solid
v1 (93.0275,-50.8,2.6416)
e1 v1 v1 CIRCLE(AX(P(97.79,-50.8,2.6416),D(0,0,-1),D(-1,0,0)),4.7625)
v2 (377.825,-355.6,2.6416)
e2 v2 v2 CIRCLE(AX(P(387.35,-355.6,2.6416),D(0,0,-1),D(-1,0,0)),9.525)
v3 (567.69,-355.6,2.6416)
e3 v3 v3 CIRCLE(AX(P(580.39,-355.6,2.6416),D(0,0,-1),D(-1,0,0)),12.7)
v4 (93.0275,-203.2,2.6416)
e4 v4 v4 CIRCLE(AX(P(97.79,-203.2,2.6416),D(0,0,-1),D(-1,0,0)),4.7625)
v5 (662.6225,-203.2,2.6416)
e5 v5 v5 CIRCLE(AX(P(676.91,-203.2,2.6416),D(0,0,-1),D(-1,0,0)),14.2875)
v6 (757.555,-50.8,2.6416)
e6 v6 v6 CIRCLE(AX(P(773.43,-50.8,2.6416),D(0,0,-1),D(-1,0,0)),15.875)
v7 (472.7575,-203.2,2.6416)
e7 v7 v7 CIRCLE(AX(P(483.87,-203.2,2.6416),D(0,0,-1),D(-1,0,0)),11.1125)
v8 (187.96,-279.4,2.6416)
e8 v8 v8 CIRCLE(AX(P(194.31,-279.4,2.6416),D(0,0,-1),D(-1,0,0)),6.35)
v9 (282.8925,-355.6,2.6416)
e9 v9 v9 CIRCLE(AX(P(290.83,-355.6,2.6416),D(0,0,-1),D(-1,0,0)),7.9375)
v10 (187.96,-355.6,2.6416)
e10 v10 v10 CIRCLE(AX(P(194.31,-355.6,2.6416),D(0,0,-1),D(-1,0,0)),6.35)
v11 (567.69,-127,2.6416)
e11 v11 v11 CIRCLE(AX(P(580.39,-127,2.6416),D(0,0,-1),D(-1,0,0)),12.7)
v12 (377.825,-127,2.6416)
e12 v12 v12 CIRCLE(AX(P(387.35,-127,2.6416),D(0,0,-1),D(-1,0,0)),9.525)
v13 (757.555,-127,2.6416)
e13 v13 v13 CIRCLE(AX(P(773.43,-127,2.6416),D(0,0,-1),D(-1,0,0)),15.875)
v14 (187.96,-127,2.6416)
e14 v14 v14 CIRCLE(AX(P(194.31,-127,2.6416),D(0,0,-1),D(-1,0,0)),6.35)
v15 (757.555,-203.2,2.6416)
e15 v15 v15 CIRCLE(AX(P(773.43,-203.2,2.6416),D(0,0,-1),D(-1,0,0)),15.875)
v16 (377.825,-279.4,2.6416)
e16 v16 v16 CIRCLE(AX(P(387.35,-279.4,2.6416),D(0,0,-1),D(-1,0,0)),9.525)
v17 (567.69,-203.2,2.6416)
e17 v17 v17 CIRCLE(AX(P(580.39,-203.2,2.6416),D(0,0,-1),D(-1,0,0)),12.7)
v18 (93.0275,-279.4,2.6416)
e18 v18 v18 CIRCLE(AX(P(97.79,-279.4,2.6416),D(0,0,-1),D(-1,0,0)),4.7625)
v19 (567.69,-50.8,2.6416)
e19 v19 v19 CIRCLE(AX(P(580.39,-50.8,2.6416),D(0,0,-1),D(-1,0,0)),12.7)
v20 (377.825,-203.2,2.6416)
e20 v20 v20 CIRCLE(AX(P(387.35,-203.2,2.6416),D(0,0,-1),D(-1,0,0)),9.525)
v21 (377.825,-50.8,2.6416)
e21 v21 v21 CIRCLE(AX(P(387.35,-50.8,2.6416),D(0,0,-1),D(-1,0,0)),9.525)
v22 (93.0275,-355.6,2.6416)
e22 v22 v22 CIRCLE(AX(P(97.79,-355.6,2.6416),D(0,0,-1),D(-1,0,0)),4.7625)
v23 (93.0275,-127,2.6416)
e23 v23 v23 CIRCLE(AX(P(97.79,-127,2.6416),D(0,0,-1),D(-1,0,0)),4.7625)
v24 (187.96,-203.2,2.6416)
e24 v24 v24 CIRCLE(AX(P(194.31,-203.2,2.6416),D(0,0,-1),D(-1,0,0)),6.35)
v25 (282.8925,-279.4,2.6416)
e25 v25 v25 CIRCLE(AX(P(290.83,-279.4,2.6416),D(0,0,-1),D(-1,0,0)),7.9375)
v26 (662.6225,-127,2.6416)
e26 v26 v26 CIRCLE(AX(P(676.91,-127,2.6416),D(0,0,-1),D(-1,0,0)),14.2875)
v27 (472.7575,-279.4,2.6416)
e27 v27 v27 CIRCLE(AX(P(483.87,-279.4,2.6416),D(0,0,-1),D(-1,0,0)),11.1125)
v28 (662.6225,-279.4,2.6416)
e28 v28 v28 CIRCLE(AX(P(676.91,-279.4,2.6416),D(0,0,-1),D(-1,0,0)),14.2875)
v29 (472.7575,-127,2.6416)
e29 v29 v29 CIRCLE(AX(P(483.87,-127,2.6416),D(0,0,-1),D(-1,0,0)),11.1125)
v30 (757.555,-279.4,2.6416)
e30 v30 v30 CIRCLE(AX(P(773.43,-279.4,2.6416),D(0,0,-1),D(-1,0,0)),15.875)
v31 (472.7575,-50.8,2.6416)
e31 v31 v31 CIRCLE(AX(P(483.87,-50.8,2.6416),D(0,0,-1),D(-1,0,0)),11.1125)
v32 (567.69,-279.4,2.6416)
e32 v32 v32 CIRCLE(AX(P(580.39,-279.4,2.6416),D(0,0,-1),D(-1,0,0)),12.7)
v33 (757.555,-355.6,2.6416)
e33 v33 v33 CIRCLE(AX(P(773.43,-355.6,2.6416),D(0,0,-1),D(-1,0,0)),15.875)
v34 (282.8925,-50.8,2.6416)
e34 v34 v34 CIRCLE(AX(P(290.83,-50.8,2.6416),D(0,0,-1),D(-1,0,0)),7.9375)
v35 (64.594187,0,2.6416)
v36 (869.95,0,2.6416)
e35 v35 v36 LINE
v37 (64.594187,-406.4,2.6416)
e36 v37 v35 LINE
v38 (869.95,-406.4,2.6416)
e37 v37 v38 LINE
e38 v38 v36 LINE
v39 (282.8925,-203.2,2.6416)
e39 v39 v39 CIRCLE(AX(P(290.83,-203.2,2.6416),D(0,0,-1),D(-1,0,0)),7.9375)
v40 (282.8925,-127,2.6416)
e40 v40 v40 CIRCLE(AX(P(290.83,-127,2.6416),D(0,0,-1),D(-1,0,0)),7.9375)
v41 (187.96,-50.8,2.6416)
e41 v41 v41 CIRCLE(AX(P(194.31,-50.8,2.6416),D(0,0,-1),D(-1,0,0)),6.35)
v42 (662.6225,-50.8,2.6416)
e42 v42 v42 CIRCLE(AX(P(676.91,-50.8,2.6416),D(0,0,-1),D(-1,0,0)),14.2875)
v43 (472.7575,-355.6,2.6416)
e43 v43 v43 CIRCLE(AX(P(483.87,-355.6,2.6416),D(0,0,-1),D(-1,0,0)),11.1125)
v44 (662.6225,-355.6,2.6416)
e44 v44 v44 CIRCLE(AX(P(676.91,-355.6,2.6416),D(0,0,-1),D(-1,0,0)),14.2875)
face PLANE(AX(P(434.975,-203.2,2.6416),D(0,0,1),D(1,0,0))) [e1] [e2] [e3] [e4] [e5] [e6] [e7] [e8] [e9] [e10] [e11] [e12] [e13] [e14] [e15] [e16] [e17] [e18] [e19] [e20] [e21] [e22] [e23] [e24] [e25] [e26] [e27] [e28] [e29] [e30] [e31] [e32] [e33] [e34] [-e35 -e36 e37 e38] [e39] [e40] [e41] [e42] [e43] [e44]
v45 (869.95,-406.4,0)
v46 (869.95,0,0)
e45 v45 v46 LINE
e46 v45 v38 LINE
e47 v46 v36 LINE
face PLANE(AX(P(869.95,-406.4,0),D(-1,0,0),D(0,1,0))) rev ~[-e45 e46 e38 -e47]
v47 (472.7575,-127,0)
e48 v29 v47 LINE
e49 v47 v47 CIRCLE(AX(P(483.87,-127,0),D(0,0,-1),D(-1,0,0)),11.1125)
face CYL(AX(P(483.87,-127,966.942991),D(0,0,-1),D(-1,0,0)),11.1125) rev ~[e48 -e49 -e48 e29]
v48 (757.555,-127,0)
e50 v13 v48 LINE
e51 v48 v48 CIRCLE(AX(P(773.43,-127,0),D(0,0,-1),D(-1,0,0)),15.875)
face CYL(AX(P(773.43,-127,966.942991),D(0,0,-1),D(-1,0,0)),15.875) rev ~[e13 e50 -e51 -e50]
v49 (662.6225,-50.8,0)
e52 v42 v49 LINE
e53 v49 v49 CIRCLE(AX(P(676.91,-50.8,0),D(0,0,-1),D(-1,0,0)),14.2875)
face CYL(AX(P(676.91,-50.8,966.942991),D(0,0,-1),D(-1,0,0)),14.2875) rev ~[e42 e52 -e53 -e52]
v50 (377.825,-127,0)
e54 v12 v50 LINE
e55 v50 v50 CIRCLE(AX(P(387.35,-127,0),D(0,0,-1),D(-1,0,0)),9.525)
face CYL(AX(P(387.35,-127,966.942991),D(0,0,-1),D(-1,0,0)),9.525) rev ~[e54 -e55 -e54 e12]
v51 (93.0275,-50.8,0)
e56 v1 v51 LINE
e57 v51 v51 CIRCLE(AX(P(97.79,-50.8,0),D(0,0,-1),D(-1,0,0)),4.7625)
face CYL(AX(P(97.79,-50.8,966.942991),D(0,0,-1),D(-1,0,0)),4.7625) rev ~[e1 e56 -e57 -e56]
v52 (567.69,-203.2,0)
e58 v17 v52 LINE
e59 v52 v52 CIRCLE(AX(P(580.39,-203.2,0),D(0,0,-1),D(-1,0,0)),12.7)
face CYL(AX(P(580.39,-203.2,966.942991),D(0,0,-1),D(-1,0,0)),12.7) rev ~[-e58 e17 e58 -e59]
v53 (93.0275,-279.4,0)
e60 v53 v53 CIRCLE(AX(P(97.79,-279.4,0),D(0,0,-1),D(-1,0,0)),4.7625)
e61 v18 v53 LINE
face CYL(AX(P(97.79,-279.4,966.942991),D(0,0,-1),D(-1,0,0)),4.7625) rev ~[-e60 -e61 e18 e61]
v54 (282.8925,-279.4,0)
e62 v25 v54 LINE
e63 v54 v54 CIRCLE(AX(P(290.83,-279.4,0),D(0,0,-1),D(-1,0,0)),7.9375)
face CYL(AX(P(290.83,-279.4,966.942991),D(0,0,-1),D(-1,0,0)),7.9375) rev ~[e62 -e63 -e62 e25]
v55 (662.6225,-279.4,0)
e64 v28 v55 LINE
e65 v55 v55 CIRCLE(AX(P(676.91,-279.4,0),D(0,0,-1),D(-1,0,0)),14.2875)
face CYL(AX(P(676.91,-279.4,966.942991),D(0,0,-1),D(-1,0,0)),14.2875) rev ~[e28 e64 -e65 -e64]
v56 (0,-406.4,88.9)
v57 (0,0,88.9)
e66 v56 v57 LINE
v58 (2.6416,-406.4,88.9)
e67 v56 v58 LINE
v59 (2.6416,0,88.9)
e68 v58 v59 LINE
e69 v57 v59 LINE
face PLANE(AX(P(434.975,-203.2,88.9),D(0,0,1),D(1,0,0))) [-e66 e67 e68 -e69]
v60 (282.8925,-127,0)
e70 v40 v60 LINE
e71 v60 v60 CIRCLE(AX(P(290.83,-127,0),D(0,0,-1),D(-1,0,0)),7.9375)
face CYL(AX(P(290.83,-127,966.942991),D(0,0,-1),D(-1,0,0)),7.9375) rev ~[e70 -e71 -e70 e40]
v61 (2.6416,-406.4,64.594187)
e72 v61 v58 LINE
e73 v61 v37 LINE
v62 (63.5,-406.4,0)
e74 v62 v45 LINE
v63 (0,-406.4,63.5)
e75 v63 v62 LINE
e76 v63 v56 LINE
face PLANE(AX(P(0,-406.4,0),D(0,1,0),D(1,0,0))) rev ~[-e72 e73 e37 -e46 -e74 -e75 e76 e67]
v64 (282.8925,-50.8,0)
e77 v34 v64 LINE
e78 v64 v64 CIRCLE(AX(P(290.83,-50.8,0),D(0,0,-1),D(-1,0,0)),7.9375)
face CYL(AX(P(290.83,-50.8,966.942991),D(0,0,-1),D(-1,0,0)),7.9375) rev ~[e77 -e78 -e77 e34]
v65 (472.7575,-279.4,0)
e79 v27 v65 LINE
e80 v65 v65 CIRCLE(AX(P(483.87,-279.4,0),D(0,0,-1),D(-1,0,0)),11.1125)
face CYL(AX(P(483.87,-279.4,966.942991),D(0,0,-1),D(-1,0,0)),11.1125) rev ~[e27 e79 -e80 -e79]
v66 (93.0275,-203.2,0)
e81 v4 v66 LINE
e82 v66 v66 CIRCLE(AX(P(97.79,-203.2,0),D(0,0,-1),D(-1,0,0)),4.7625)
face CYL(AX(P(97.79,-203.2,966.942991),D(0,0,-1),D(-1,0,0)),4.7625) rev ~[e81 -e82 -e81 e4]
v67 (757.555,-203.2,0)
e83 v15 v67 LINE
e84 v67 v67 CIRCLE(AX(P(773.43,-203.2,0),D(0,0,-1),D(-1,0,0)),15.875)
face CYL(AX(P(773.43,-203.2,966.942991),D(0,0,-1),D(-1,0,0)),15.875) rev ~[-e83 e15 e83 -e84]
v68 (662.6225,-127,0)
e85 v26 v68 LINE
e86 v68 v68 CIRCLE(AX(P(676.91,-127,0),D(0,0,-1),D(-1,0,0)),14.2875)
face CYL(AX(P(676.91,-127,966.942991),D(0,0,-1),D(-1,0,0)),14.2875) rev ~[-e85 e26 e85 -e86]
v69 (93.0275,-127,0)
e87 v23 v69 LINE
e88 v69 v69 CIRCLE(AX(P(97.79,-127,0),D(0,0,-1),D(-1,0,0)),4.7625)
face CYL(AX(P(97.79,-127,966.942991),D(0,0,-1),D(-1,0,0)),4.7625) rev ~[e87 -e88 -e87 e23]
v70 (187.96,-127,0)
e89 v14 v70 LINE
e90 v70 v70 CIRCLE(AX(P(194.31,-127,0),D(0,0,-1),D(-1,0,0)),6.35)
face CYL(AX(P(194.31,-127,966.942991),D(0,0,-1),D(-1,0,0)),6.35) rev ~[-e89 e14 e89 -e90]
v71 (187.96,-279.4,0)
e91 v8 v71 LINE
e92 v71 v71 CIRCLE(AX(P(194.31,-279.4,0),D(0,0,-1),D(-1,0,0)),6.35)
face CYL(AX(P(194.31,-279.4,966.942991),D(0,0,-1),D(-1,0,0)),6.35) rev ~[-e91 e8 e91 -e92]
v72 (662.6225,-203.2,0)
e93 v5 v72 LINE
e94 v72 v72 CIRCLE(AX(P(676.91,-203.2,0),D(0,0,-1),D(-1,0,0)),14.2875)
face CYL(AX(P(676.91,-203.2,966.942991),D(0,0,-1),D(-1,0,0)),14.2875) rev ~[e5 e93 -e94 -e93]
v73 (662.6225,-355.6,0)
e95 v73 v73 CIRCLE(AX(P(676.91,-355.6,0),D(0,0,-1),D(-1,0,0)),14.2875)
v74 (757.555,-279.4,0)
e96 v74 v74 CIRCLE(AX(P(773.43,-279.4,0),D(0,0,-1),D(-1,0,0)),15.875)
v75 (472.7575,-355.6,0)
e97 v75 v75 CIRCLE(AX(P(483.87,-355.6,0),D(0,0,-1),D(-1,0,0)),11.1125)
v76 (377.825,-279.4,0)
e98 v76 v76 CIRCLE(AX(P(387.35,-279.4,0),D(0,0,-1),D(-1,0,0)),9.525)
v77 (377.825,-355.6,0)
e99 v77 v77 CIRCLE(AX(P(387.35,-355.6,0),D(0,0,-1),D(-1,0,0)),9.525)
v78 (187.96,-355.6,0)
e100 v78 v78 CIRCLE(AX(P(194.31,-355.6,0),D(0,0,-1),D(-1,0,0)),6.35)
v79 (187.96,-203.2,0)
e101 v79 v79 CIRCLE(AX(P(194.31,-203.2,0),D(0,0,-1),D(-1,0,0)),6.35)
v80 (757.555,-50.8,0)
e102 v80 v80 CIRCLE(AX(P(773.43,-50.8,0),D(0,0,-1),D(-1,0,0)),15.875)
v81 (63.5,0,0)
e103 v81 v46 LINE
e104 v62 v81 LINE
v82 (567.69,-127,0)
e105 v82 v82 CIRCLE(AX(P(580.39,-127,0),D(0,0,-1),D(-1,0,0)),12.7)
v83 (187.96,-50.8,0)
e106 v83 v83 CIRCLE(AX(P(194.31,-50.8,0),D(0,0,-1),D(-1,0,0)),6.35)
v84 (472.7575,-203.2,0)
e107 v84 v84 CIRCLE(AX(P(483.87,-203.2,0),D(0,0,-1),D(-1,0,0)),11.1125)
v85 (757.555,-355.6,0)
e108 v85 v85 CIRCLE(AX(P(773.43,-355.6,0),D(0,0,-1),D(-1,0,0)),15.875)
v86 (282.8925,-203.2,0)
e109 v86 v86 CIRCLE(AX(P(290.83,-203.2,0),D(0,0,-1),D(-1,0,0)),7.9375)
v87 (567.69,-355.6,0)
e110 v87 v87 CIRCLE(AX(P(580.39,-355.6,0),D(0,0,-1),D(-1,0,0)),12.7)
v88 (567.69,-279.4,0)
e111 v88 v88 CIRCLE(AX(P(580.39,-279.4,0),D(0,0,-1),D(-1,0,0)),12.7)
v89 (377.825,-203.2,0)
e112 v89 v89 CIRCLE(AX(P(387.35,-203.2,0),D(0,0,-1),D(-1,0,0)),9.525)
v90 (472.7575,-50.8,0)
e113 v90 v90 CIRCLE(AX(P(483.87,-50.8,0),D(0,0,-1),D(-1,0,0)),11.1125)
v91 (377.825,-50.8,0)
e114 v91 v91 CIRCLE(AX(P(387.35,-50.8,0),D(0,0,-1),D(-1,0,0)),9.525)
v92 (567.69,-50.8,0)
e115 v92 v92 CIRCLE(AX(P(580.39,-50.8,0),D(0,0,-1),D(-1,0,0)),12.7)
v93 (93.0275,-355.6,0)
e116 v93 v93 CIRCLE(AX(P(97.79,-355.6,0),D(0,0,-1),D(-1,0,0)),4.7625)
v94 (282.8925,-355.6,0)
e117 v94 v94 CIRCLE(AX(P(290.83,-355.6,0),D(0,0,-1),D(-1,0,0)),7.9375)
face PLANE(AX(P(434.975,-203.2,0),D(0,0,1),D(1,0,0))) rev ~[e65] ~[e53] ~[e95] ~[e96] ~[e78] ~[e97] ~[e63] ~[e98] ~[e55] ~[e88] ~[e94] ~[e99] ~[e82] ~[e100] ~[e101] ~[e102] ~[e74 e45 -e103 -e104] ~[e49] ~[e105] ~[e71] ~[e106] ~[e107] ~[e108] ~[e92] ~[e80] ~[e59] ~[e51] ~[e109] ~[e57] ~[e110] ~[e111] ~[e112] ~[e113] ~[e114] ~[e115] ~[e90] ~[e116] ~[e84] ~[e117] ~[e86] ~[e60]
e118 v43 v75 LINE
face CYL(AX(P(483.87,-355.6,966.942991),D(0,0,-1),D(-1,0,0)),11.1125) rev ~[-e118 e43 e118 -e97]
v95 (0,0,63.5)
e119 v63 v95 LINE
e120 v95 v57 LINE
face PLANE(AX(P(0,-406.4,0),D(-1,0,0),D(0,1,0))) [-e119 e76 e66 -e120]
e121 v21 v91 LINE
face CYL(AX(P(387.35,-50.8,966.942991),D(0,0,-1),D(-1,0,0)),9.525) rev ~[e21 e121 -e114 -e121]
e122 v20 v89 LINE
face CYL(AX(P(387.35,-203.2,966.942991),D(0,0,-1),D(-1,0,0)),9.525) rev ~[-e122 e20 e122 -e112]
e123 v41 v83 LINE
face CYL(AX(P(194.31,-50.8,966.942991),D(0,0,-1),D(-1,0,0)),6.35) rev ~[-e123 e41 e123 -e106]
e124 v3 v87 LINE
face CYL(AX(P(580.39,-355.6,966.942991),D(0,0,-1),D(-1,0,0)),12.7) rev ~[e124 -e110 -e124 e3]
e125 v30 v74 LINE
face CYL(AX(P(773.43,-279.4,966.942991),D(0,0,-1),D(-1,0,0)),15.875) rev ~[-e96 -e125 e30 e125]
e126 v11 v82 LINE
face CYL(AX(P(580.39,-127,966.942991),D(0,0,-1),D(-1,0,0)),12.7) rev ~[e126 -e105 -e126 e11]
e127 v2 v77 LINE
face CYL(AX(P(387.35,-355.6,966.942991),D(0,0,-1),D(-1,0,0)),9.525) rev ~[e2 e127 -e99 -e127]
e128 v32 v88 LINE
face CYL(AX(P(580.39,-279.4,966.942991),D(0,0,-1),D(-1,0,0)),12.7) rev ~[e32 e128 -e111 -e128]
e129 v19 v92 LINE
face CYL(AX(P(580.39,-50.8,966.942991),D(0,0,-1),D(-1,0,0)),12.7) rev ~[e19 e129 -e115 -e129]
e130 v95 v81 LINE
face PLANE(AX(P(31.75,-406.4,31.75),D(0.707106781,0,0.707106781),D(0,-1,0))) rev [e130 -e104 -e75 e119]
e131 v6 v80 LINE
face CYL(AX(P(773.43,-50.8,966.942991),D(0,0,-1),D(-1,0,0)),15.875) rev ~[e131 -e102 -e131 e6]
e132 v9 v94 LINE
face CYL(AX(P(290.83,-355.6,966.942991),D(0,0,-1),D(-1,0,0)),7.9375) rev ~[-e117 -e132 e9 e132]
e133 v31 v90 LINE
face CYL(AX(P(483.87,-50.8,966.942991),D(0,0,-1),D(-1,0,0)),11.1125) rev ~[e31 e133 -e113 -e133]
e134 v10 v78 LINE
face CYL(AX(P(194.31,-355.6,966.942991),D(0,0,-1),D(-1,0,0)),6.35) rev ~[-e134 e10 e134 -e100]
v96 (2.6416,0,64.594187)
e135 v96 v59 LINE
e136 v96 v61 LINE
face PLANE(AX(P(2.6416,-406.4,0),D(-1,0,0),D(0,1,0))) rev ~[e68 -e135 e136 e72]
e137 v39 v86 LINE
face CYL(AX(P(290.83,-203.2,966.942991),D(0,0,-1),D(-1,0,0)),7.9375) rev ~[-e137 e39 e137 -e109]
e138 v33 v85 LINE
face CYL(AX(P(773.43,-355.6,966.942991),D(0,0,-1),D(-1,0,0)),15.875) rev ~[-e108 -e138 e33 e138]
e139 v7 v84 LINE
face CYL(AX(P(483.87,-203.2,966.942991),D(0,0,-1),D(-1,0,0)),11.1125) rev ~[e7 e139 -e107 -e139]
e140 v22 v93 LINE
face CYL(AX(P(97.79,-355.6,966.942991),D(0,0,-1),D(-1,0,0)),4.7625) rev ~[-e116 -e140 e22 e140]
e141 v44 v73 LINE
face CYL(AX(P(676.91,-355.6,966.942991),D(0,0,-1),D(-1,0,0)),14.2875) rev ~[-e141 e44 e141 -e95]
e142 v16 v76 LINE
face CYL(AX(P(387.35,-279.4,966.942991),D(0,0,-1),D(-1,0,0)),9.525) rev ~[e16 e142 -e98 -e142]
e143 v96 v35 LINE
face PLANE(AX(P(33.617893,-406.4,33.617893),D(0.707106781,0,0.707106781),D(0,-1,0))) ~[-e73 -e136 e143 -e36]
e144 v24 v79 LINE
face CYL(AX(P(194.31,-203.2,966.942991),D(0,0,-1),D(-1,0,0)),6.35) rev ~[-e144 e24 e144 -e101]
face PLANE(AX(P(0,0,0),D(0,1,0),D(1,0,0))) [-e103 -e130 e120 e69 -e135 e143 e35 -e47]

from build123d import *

# Parameters (mm, degrees)
F0_W     = 869.95
F0_H     = 406.4
F1_DEPTH = 88.9
F2_SIZE  = 63.5
F3_T     = -2.6416
F5_D     = 9.525
F6_D     = 12.7
F7_D     = 15.875
F8_D     = 19.05
F9_D     = 22.225
F10_D    = 25.4
F11_D    = 28.575
F12_D    = 31.75


with BuildPart() as f1:
    # F0 (on Top) → F1 (new body)
    with BuildSketch(Plane.XY):
        with Locations((434.975, -203.2)):
            Rectangle(F0_W, F0_H)
    extrude(amount=F1_DEPTH)

    # F2
    f2_edges = [f1.edges().sort_by_distance(p)[0] for p in [
        (0, -203.2, 0),
    ]]
    chamfer(f2_edges, length=F2_SIZE)

    # F3
    f3_openings = [f1.faces().sort_by_distance(p)[0] for p in [
        (434.975, -203.2, 88.9),
        (446.05124, -406.4, 45.073216),
        (446.05124, 0, 45.073216),
        (869.95, -203.2, 44.45),
    ]]
    offset(amount=F3_T, openings=f3_openings)

    # F5 (through all)
    with Locations(Plane.XY.offset(2.6416)):
        with Locations((97.79, -50.8), (97.79, -127), (97.79, -203.2), (97.79, -279.4), (97.79, -355.6)):
            Hole(F5_D / 2)

    # F6 (through all)
    with Locations(Plane.XY.offset(2.6416)):
        with Locations((194.31, -50.8), (194.31, -127), (194.31, -203.2), (194.31, -279.4), (194.31, -355.6)):
            Hole(F6_D / 2)

    # F7 (through all)
    with Locations(Plane.XY.offset(2.6416)):
        with Locations((290.83, -50.8), (290.83, -127), (290.83, -203.2), (290.83, -279.4), (290.83, -355.6)):
            Hole(F7_D / 2)

    # F8 (through all)
    with Locations(Plane.XY.offset(2.6416)):
        with Locations((387.35, -355.6), (387.35, -279.4), (387.35, -203.2), (387.35, -127), (387.35, -50.8)):
            Hole(F8_D / 2)

    # F9 (through all)
    with Locations(Plane.XY.offset(2.6416)):
        with Locations((483.87, -355.6), (483.87, -279.4), (483.87, -203.2), (483.87, -127), (483.87, -50.8)):
            Hole(F9_D / 2)

    # F10 (through all)
    with Locations(Plane.XY.offset(2.6416)):
        with Locations((580.39, -355.6), (580.39, -279.4), (580.39, -203.2), (580.39, -127), (580.39, -50.8)):
            Hole(F10_D / 2)

    # F11 (through all)
    with Locations(Plane.XY.offset(2.6416)):
        with Locations((676.91, -355.6), (676.91, -279.4), (676.91, -203.2), (676.91, -127), (676.91, -50.8)):
            Hole(F11_D / 2)

    # F12 (through all)
    with Locations(Plane.XY.offset(2.6416)):
        with Locations((773.43, -355.6), (773.43, -279.4), (773.43, -203.2), (773.43, -127), (773.43, -50.8)):
            Hole(F12_D / 2)


solid = f1.part
